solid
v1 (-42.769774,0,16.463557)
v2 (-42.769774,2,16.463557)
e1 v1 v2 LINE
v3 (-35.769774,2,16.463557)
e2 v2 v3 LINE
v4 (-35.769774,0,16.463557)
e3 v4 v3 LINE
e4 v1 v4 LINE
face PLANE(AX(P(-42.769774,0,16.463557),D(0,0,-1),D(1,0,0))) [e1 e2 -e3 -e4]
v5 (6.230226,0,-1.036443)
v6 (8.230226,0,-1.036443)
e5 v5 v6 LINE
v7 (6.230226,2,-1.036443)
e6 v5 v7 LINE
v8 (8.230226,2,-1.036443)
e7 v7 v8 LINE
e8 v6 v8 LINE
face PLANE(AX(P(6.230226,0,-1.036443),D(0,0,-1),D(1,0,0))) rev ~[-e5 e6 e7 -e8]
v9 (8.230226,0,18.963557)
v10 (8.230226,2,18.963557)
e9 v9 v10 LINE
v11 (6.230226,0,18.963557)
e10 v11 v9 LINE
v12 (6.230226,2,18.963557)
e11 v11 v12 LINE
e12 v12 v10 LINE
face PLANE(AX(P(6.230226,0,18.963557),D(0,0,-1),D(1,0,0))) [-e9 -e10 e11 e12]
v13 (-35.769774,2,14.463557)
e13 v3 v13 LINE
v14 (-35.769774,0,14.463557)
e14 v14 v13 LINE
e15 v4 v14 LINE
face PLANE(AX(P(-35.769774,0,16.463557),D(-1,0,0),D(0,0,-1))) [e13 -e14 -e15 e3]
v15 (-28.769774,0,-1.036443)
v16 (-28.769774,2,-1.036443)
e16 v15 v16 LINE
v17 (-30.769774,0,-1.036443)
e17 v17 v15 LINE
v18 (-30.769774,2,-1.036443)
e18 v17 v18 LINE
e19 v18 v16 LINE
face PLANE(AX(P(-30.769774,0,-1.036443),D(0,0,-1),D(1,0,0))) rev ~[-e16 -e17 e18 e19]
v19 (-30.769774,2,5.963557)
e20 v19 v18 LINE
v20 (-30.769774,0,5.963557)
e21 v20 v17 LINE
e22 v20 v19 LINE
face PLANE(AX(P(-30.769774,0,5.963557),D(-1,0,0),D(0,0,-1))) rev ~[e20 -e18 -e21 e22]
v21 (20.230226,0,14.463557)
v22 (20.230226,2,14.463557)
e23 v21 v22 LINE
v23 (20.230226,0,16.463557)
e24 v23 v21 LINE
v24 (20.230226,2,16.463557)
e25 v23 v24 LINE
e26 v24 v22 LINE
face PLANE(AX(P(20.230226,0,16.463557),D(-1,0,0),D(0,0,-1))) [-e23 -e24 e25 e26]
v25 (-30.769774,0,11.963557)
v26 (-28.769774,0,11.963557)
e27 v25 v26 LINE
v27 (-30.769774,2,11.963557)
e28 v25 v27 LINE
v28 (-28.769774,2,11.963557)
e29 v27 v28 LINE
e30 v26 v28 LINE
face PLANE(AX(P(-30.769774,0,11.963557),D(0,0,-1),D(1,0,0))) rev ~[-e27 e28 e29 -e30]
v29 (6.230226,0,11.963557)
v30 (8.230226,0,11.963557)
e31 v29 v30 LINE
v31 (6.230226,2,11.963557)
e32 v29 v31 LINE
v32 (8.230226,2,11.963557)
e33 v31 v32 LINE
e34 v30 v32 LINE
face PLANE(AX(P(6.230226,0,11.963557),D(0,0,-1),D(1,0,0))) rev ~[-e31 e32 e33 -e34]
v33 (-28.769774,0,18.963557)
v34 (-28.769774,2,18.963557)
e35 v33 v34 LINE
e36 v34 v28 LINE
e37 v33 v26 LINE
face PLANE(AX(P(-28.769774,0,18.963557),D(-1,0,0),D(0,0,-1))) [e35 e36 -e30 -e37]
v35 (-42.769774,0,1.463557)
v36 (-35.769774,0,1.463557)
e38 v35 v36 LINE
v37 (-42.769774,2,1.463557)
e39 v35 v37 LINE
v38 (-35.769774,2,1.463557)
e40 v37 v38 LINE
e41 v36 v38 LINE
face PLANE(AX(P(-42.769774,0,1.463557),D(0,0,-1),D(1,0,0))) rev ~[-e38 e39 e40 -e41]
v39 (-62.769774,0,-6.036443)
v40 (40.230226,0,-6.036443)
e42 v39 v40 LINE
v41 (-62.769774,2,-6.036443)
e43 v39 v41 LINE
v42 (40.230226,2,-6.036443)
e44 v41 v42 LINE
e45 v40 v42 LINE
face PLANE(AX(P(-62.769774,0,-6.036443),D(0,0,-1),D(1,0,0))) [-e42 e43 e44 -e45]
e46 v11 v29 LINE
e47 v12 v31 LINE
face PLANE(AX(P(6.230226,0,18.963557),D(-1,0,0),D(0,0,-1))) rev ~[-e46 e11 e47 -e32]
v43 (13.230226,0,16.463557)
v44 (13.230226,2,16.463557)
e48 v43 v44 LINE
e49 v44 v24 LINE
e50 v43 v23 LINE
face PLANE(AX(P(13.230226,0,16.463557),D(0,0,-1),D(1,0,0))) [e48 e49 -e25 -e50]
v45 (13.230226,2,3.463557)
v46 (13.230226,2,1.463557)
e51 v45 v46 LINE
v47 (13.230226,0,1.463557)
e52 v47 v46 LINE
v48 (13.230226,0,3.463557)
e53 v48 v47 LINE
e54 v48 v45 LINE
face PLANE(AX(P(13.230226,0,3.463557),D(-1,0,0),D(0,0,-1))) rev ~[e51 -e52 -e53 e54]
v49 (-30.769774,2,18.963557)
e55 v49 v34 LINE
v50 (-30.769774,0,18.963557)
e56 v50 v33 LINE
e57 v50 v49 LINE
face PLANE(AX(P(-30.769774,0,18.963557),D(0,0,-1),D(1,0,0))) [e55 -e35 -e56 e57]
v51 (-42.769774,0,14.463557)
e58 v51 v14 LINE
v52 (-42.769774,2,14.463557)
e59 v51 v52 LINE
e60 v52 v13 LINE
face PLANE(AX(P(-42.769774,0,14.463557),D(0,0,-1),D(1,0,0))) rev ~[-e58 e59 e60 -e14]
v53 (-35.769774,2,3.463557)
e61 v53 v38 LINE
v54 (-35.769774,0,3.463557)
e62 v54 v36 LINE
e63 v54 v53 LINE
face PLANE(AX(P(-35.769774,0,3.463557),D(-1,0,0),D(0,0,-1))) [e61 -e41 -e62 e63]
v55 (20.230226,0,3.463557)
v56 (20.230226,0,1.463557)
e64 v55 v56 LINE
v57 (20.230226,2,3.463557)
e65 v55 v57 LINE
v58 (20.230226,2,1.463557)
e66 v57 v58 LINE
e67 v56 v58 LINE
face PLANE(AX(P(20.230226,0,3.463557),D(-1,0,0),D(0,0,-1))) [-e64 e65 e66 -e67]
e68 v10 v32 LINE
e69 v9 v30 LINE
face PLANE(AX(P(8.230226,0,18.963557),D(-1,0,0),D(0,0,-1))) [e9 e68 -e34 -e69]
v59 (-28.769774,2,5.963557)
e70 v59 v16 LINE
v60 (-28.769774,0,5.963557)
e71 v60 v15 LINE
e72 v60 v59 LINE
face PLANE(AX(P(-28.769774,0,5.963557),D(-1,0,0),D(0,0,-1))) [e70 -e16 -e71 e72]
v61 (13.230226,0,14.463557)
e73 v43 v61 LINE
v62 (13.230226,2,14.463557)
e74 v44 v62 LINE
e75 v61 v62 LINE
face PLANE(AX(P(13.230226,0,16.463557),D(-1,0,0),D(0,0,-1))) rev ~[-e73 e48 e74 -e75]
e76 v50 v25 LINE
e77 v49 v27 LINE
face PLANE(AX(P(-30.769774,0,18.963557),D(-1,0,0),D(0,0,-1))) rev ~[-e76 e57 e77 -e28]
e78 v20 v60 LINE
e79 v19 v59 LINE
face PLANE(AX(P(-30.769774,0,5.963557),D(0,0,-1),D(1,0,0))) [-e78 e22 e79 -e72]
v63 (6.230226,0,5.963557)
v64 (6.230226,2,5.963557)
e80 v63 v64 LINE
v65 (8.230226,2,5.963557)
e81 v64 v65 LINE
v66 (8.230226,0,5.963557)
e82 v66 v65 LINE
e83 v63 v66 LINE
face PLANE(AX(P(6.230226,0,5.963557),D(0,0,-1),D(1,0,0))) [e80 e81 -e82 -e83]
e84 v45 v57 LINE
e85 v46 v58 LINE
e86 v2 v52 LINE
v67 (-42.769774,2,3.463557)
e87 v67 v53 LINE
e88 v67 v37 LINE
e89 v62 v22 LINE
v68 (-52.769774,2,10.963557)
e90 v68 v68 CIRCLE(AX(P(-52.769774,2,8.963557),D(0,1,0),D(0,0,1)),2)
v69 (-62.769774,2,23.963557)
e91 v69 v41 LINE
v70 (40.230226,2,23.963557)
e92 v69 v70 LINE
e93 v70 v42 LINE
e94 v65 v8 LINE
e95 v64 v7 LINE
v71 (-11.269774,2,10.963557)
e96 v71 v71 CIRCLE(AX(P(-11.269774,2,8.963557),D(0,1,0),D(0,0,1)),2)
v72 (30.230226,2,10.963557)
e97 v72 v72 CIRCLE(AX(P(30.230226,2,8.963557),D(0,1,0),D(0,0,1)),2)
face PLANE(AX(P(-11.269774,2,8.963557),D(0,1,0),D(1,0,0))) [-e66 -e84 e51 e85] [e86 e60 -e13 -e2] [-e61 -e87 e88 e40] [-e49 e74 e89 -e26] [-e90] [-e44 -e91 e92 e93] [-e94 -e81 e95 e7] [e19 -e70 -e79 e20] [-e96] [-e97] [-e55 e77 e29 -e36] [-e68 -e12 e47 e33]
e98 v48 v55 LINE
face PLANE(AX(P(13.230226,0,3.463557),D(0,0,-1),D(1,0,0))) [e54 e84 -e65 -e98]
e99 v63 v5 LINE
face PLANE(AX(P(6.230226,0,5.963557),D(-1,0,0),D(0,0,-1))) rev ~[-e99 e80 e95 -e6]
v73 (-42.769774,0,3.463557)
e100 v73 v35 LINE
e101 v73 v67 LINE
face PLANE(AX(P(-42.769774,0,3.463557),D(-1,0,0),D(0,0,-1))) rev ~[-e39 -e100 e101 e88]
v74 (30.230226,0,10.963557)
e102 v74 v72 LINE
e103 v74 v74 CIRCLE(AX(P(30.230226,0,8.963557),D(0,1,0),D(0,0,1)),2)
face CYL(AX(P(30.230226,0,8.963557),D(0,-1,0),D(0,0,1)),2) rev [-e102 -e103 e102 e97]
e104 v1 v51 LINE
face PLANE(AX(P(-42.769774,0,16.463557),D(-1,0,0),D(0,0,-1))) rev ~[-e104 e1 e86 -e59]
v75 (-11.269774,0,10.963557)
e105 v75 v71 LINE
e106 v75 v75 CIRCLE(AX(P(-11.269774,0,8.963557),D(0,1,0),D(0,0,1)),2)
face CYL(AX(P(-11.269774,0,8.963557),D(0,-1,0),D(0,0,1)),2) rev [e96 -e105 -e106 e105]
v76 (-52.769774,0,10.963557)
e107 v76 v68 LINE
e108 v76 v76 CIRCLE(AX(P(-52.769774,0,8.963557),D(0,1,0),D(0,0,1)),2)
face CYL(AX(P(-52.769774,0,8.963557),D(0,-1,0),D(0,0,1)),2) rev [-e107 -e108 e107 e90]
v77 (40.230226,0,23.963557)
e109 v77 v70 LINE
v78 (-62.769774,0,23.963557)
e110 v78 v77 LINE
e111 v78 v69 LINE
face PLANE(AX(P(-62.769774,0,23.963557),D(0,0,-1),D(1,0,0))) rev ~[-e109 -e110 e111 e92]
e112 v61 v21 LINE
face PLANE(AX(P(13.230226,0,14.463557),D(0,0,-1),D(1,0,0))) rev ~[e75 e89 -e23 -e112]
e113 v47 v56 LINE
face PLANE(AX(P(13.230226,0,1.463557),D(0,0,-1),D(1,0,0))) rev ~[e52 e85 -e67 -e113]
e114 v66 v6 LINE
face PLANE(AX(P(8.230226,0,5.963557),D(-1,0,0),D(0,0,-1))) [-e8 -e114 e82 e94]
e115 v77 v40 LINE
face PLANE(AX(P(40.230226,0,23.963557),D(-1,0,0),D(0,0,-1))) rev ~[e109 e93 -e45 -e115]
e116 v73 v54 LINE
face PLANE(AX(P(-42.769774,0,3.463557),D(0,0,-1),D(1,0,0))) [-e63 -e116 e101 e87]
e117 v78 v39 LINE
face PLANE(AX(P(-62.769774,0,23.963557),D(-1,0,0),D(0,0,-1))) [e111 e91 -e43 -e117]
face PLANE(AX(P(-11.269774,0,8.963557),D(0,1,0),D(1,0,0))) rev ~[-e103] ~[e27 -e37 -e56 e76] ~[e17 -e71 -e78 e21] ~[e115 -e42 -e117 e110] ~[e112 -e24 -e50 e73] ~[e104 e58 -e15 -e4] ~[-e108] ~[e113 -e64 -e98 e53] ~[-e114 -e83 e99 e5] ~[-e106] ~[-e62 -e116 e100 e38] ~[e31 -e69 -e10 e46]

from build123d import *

# Parameters (mm, degrees)
SKETCH1_W           = 103
SKETCH1_H           = 30
SKETCH1_R           = 2
SKETCH1_W_2         = 7
SKETCH1_H_2         = 2
SKETCH1_W_3         = 2
SKETCH1_H_3         = 7
BOSS_EXTRUDE1_DEPTH = 2


with BuildPart() as part:
    # Sketch1 → Boss-Extrude1 (new body)
    with BuildSketch(Plane(origin=(0, 0, 0), x_dir=(1, 0, 0), z_dir=(0, 1, 0))):
        with Locations((-11.269774173, -8.963557039)):
            Rectangle(SKETCH1_W, SKETCH1_H)
        with Locations(Location((-52.769774173, -8.963557039, 0), (0, 0, 270))):
            Circle(SKETCH1_R, mode=Mode.SUBTRACT)
        with Locations(Location((30.230225827, -8.963557039, 0), (0, 0, 270))):
            Circle(SKETCH1_R, mode=Mode.SUBTRACT)
        with Locations(Location((-11.269774173, -8.963557039, 0), (0, 0, 270))):
            Circle(SKETCH1_R, mode=Mode.SUBTRACT)
        with Locations((-39.269774173, -15.463557039)):
            Rectangle(SKETCH1_W_2, SKETCH1_H_2, mode=Mode.SUBTRACT)
        with Locations((-39.269774173, -2.463557039)):
            Rectangle(SKETCH1_W_2, SKETCH1_H_2, mode=Mode.SUBTRACT)
        with Locations((16.730225827, -2.463557039)):
            Rectangle(SKETCH1_W_2, SKETCH1_H_2, mode=Mode.SUBTRACT)
        with Locations((16.730225827, -15.463557039)):
            Rectangle(SKETCH1_W_2, SKETCH1_H_2, mode=Mode.SUBTRACT)
        with Locations((-29.769774173, -2.463557039)):
            Rectangle(SKETCH1_W_3, SKETCH1_H_3, mode=Mode.SUBTRACT)
        with Locations((-29.769774173, -15.463557039)):
            Rectangle(SKETCH1_W_3, SKETCH1_H_3, mode=Mode.SUBTRACT)
        with Locations((7.230225827, -15.463557039)):
            Rectangle(SKETCH1_W_3, SKETCH1_H_3, mode=Mode.SUBTRACT)
        with Locations((7.230225827, -2.463557039)):
            Rectangle(SKETCH1_W_3, SKETCH1_H_3, mode=Mode.SUBTRACT)
    extrude(amount=BOSS_EXTRUDE1_DEPTH)


solid = part.part
